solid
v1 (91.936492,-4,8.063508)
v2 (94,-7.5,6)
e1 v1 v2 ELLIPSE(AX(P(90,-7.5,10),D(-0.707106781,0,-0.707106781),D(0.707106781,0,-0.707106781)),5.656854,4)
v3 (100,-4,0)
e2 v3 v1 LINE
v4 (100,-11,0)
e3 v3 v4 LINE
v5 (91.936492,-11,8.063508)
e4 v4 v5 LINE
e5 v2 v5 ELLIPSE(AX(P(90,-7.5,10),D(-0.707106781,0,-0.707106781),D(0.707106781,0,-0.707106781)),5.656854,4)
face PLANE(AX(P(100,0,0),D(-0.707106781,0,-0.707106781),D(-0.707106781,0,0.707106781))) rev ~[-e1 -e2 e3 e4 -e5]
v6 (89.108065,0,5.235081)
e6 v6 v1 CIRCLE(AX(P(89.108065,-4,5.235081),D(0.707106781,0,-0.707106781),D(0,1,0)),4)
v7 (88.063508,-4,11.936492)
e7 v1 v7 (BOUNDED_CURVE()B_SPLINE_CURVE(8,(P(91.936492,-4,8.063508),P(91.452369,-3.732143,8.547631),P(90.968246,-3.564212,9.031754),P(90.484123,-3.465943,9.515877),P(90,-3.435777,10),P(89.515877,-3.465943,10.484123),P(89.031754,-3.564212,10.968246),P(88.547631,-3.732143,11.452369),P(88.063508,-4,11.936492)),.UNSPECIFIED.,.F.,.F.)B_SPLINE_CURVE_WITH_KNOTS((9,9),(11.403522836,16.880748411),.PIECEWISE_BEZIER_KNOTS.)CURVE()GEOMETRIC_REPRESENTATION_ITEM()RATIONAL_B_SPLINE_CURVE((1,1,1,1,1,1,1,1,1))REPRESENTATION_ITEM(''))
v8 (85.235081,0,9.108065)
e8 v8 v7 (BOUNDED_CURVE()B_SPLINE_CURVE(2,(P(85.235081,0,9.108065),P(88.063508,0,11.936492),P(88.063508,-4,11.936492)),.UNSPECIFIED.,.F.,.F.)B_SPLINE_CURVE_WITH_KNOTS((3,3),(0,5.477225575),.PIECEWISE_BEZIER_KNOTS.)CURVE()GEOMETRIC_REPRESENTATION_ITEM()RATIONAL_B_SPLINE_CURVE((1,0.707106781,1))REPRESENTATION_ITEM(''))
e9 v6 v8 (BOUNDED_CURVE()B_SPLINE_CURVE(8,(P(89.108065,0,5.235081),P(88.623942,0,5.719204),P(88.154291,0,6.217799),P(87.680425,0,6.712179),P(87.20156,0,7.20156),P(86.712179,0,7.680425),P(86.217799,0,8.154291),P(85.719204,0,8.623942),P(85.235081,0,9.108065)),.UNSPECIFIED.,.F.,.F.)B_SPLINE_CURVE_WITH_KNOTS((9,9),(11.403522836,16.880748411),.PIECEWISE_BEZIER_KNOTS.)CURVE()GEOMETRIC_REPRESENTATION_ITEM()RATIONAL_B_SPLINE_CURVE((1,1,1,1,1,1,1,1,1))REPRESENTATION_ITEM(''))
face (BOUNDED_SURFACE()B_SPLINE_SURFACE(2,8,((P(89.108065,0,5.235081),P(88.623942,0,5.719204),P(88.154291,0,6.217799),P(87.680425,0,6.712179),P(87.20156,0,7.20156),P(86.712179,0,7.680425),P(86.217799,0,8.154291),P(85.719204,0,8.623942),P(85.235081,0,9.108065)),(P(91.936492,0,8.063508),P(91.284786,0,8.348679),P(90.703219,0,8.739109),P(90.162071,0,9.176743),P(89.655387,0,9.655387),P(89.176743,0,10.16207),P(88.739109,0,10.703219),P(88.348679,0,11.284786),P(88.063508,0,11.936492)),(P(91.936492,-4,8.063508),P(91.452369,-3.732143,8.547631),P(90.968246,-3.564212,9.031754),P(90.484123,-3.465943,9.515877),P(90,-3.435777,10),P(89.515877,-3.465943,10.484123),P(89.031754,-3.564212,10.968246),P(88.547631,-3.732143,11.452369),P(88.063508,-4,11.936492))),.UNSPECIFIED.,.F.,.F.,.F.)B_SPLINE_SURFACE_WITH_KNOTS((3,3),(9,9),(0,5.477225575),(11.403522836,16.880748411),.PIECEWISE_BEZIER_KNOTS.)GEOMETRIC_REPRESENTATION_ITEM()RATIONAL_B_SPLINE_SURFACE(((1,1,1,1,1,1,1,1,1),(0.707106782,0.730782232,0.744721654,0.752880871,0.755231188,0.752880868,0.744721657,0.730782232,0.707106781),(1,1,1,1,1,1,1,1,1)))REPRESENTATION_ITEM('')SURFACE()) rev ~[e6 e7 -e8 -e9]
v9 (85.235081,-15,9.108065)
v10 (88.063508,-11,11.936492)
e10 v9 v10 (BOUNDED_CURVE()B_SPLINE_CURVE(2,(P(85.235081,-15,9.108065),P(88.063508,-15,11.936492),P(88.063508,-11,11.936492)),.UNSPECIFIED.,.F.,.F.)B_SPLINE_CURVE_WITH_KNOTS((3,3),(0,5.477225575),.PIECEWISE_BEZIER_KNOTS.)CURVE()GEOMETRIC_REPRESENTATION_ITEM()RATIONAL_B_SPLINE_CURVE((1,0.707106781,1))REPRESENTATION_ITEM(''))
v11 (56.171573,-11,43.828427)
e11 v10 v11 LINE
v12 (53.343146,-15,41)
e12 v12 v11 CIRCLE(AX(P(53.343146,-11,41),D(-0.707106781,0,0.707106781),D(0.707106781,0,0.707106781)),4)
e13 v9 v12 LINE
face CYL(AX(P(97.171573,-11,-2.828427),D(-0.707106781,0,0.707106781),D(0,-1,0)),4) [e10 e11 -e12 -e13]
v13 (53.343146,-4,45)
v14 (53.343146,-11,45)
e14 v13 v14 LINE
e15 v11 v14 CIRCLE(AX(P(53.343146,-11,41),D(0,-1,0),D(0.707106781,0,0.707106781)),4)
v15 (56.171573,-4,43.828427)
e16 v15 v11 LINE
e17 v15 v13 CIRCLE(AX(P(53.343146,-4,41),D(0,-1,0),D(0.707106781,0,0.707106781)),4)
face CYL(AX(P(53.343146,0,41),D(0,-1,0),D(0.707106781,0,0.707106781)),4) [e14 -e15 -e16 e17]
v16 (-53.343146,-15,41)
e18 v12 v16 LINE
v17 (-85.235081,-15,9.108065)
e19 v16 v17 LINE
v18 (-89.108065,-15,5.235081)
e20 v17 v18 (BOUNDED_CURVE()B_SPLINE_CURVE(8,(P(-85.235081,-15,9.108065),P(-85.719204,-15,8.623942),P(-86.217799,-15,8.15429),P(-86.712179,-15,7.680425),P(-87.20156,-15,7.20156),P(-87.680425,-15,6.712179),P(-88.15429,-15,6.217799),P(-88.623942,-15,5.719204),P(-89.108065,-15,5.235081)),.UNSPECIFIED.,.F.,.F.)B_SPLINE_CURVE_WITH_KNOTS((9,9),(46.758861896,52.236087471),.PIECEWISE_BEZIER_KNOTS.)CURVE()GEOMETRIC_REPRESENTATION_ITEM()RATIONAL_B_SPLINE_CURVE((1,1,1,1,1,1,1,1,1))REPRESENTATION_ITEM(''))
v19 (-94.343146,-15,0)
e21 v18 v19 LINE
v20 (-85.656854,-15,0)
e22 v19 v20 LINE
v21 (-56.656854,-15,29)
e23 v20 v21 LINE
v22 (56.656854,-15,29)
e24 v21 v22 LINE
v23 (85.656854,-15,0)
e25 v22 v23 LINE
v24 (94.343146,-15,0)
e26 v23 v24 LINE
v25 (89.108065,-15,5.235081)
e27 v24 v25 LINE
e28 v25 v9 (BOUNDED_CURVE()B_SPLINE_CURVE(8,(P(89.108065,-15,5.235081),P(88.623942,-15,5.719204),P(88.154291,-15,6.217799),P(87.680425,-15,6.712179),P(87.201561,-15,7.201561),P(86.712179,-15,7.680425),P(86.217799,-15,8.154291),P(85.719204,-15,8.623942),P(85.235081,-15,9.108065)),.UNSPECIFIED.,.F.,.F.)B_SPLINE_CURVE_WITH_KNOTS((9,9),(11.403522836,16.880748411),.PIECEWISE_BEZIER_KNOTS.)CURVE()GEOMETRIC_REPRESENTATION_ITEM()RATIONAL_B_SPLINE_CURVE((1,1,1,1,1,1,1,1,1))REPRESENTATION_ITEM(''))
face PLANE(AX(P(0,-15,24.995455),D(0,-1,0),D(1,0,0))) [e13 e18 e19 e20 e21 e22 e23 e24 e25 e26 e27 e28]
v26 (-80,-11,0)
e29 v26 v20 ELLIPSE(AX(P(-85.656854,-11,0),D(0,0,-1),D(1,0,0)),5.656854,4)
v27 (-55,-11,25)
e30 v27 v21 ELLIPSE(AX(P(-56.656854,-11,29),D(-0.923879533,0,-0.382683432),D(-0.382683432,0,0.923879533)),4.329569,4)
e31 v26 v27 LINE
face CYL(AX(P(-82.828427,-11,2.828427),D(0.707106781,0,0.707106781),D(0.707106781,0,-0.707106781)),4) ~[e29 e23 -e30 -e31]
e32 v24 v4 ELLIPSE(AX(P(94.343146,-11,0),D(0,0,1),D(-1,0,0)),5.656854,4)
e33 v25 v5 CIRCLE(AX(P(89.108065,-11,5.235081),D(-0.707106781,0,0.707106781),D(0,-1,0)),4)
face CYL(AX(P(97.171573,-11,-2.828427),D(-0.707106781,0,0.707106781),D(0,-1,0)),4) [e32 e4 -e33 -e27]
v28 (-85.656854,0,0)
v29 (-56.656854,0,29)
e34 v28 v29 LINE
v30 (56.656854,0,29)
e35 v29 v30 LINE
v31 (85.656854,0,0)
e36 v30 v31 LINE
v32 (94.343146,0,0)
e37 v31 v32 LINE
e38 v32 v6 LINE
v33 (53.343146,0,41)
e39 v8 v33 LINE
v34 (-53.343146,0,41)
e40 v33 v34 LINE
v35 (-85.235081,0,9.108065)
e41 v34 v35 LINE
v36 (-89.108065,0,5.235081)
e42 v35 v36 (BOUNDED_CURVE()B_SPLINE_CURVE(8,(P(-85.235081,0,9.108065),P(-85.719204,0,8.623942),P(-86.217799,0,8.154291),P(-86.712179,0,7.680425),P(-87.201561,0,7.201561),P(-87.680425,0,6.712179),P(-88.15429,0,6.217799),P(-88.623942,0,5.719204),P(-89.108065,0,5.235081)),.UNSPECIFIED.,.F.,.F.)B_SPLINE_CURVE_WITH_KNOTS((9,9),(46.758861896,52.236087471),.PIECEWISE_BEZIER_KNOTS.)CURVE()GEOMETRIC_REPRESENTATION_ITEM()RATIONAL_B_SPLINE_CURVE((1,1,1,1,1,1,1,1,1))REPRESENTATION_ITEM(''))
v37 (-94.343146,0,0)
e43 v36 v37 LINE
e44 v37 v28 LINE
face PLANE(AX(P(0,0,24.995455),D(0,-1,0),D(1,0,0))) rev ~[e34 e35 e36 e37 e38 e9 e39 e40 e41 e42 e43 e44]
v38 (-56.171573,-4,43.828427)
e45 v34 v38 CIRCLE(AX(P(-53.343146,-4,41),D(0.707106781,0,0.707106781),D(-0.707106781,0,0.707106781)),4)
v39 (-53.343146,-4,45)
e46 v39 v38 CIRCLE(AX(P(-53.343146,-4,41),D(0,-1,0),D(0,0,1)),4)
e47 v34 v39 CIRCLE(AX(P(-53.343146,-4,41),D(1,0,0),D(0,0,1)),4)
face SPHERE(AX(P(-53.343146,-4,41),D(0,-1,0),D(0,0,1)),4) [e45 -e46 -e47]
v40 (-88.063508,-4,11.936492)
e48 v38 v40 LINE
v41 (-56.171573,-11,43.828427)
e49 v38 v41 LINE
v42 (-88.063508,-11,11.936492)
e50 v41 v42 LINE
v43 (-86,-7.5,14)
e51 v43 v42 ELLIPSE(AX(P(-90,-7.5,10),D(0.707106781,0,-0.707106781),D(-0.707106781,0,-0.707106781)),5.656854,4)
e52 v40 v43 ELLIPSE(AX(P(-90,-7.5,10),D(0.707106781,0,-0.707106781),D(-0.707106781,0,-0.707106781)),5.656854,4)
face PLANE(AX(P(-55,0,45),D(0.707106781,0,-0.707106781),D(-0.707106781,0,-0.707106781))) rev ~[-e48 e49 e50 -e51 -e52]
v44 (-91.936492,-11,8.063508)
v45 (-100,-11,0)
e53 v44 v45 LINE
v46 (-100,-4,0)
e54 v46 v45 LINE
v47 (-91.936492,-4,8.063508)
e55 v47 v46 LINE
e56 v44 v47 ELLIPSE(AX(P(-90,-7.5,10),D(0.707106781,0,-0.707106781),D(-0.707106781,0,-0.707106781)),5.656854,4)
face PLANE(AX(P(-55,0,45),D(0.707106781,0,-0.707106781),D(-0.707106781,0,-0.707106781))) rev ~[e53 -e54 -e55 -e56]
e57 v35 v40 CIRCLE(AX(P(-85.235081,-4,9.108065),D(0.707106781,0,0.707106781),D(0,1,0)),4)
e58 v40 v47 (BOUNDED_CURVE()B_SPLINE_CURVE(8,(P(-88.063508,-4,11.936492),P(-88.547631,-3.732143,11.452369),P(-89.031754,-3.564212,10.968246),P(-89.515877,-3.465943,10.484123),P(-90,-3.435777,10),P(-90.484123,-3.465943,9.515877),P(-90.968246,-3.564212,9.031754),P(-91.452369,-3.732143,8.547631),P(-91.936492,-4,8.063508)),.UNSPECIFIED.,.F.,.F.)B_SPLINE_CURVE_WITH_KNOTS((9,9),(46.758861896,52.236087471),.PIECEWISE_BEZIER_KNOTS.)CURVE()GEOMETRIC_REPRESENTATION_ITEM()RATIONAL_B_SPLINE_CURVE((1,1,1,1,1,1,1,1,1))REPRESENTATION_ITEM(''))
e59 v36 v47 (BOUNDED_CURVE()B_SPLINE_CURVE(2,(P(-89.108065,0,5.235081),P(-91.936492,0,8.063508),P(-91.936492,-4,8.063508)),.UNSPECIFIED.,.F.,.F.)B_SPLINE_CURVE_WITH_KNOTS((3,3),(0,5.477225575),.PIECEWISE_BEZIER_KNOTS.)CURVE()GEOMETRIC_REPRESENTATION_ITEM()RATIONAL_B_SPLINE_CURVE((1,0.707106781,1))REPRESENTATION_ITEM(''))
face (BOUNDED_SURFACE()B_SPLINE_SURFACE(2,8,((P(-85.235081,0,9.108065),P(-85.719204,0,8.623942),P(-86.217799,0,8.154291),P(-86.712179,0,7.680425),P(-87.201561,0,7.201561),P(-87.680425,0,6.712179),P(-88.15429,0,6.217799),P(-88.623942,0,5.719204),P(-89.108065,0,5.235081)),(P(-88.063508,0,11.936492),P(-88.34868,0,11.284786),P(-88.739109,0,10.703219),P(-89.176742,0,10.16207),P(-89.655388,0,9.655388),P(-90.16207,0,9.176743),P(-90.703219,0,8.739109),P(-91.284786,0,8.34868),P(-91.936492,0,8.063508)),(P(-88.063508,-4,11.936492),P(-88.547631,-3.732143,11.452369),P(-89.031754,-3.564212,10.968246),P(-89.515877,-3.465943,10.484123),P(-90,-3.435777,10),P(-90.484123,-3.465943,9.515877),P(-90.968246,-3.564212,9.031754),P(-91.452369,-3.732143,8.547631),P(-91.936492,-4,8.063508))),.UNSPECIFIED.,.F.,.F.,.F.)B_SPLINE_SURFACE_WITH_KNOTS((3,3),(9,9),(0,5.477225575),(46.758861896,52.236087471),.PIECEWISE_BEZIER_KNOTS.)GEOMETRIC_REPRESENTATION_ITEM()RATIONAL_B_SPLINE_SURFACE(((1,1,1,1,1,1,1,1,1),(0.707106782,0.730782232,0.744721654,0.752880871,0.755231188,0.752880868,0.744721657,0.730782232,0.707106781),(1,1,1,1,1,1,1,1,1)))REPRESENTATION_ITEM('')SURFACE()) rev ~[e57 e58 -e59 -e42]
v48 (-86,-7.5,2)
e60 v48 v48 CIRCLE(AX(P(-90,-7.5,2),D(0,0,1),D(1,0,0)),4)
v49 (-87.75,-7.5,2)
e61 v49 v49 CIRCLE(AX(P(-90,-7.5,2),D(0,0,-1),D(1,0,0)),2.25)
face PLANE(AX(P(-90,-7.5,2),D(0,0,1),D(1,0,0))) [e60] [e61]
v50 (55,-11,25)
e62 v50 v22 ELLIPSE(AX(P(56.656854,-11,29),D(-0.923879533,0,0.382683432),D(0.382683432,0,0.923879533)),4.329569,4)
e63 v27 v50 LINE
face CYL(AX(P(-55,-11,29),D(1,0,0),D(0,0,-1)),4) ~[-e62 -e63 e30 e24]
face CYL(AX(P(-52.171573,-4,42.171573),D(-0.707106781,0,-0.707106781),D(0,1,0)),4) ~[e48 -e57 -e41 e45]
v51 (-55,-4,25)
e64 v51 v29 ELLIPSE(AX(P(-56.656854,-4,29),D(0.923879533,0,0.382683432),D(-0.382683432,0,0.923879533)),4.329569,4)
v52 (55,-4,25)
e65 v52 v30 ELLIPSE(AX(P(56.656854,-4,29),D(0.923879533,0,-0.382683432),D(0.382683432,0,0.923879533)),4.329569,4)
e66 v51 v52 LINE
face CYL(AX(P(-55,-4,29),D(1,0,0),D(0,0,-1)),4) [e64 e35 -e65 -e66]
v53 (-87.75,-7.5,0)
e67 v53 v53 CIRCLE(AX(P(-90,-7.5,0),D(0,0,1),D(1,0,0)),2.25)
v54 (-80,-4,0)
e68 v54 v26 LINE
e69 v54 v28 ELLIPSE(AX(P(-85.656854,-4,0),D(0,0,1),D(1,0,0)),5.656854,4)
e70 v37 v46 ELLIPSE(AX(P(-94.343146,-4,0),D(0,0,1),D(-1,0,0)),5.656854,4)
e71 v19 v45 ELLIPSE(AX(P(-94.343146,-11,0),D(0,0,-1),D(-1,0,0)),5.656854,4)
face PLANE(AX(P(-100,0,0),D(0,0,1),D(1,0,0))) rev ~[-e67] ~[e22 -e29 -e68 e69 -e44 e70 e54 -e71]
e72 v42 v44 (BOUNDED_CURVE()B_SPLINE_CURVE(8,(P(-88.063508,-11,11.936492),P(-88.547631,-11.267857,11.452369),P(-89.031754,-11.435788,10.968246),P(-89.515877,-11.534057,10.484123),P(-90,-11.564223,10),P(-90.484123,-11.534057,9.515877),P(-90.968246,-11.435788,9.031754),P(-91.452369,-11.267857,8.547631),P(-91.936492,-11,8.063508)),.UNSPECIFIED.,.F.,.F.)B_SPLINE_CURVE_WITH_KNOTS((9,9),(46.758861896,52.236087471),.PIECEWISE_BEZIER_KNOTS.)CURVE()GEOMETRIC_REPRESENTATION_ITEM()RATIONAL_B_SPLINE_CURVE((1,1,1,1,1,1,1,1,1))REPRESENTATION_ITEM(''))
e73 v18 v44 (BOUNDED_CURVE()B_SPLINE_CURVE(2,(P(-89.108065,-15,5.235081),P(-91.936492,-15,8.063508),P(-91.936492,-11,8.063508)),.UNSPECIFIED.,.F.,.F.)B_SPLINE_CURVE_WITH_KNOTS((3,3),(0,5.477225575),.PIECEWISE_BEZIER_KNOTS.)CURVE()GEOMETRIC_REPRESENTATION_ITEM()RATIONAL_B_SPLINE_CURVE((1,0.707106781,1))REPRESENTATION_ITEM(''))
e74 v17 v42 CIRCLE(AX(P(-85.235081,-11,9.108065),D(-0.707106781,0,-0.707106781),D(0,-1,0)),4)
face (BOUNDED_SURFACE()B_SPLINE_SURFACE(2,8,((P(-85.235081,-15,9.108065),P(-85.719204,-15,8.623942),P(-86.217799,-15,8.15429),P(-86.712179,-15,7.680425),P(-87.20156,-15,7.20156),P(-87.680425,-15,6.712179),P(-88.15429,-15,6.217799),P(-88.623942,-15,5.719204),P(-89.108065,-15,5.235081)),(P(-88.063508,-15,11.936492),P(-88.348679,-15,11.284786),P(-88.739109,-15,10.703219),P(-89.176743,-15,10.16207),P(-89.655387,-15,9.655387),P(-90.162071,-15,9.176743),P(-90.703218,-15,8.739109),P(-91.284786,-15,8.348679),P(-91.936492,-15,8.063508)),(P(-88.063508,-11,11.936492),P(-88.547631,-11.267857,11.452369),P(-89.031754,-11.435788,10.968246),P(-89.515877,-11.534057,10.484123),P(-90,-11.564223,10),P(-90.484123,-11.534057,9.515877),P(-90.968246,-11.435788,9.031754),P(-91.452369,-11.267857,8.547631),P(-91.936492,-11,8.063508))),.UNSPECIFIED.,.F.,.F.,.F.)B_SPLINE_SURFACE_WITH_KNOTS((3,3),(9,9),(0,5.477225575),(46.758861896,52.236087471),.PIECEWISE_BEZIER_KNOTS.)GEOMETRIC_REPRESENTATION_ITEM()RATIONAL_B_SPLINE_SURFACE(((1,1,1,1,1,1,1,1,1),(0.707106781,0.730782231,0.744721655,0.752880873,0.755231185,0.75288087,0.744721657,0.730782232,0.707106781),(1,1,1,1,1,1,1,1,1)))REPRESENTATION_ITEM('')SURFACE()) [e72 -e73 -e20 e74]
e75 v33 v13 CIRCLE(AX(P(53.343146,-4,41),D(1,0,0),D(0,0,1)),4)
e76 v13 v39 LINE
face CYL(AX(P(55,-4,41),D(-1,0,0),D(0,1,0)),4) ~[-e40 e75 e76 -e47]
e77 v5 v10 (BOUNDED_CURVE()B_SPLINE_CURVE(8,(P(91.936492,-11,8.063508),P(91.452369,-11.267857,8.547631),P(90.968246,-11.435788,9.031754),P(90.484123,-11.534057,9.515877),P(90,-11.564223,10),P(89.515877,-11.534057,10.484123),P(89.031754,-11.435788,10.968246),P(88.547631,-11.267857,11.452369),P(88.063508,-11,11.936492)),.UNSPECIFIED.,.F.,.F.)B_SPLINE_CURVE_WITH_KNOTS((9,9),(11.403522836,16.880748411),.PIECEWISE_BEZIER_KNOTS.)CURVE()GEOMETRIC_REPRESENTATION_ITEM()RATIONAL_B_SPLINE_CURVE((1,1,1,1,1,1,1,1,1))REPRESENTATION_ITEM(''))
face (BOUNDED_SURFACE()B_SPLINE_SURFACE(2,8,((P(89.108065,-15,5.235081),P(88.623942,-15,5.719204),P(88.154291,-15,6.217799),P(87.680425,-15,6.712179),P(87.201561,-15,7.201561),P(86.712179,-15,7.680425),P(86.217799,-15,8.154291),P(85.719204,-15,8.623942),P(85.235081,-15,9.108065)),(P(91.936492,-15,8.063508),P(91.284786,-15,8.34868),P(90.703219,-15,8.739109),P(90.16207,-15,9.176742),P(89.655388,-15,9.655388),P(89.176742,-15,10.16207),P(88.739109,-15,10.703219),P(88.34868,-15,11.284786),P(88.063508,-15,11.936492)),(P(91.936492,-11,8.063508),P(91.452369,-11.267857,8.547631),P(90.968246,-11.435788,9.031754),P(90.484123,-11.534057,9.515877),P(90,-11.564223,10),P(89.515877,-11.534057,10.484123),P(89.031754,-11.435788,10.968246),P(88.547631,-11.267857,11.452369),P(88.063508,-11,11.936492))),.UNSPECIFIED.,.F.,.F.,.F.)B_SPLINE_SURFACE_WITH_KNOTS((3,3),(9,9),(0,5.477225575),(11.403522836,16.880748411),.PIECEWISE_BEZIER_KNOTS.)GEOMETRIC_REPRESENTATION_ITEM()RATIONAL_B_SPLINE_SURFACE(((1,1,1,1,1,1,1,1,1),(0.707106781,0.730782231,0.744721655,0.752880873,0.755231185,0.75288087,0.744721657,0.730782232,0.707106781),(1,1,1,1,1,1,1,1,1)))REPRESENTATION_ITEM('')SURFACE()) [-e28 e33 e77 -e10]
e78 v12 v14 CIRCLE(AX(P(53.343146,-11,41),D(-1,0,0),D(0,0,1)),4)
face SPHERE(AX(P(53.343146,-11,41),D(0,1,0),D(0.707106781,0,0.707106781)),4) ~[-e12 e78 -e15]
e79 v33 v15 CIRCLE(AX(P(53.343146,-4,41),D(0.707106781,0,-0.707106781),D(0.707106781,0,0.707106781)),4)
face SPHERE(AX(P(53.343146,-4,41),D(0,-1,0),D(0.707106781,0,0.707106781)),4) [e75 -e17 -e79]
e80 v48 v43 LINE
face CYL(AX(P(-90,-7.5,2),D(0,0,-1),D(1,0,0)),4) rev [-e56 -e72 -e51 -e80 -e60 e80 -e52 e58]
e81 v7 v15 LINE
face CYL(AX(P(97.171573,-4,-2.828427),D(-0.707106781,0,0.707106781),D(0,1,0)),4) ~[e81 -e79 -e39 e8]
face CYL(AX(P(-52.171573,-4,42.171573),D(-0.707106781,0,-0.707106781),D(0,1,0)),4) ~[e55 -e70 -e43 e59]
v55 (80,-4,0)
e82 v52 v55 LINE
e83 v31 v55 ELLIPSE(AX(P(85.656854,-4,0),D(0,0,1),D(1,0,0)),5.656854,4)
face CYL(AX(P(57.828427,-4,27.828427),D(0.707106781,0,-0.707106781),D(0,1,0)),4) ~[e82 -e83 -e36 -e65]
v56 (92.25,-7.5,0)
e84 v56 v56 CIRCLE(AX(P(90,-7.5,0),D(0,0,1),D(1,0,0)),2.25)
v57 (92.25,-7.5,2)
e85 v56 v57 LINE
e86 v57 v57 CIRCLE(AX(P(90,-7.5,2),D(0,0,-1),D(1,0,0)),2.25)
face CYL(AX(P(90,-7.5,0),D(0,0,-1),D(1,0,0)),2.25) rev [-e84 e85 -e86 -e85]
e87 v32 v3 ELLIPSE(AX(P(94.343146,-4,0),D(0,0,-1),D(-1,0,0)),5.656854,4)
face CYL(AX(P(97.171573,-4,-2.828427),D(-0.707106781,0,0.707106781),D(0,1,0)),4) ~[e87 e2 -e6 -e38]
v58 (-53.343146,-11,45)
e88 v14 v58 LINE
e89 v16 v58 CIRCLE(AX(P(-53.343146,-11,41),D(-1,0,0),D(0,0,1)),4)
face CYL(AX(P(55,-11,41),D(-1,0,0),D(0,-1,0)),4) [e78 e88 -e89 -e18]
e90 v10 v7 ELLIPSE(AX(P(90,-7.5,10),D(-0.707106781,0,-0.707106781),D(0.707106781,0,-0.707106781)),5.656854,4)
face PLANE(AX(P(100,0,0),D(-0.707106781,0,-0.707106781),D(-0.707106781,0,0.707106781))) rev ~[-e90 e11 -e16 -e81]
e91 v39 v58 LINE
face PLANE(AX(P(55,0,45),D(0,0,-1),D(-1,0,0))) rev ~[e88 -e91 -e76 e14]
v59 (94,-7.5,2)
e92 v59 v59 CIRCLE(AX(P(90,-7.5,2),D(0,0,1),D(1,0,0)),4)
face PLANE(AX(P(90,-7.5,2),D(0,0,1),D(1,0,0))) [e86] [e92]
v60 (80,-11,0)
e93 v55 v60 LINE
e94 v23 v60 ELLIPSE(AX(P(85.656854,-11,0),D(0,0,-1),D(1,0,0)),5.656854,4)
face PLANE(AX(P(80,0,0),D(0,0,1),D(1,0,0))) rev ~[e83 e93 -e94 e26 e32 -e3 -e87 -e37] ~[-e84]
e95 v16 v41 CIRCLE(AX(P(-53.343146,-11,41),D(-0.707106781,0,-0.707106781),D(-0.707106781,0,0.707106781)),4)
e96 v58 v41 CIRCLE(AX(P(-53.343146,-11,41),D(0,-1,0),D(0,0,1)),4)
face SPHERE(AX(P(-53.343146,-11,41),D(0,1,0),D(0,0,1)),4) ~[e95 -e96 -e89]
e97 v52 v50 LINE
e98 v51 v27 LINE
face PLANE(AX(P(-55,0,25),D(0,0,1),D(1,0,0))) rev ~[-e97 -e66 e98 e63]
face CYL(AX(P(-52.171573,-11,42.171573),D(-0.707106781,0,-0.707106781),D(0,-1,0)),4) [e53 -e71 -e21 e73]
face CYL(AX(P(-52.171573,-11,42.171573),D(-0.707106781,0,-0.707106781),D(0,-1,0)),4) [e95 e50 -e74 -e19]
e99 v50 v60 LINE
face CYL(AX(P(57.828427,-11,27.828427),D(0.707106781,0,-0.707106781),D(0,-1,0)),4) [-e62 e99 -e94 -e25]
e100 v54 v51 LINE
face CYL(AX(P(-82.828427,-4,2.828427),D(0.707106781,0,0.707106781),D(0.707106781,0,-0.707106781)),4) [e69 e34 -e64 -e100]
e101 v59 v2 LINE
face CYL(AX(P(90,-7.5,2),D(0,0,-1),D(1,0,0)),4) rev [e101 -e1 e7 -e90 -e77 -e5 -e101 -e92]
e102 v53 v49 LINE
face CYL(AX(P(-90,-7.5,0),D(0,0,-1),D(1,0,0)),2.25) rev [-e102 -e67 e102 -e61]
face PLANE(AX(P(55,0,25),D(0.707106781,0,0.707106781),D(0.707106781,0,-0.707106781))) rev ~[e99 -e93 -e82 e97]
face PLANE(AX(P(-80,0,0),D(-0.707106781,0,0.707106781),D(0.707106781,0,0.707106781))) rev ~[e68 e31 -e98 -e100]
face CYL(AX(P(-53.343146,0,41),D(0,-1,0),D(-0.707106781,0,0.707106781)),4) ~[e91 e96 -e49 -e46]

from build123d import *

# Parameters (mm, degrees)
CYLINDER_R        = 2.25
CYLINDER_DEPTH    = 10
CYLINDER001_R     = 4
CYLINDER001_DEPTH = 25
CYLINDER002_R     = 2.25
CYLINDER002_DEPTH = 10
CYLINDER003_R     = 4
CYLINDER003_DEPTH = 25
PAD_DEPTH         = 15
FILLET_R          = 4


with BuildPart() as cylinder:
    # Cylinder → Cylinder (new body)
    with BuildSketch(Plane.XY):
        Circle(CYLINDER_R)
    extrude(amount=CYLINDER_DEPTH)


with BuildPart() as fusion:
    # Cylinder001 → Cylinder001 (new body)
    with BuildSketch(Plane.XY.offset(2)):
        Circle(CYLINDER001_R)
    extrude(amount=CYLINDER001_DEPTH)

    # Fusion: union Cylinder
    add(cylinder.part)


with BuildPart() as fusion_1:
    # Fusion placement: moved
    add(fusion.part.moved(Location((90, -7.5, 0))))


with BuildPart() as cylinder002:
    # Cylinder002 → Cylinder002 (new body)
    with BuildSketch(Plane.XY):
        Circle(CYLINDER002_R)
    extrude(amount=CYLINDER002_DEPTH)


with BuildPart() as fusion002:
    # Cylinder003 → Cylinder003 (new body)
    with BuildSketch(Plane.XY.offset(2)):
        Circle(CYLINDER003_R)
    extrude(amount=CYLINDER003_DEPTH)

    # Fusion001: union Cylinder002
    add(cylinder002.part)


with BuildPart() as fusion002_1:
    # Fusion001 placement: moved
    add(fusion002.part.moved(Location((-90, -7.5, 0))))

    # Fusion002: union Fusion
    add(fusion_1.part)


with BuildPart() as fillet_body:
    # Sketch → Pad (new body)
    with BuildSketch(Plane.XZ):
        Polygon((-80, 0), (-55, 25), (55, 25), (80, 0), (100, 0), (55, 45), (-55, 45), (-100, 0), align=None)
    extrude(amount=PAD_DEPTH)

    # Cut: cut Fusion002
    add(fusion002_1.part, mode=Mode.SUBTRACT)

    # Fillet
    fillet_edges = [fillet_body.edges().sort_by_distance(p)[0] for p in [
        (-67.5, 0, 12.5),
        (-67.5, -15, 12.5),
        (0, 0, 25),
        (0, -15, 25),
        (67.5, 0, 12.5),
        (77.5, 0, 22.5),
        (0, 0, 45),
        (-77.5, 0, 22.5),
        (67.5, -15, 12.5),
        (77.5, -15, 22.5),
        (0, -15, 45),
        (-77.5, -15, 22.5),
        (-55, -7.5, 45),
        (55, -7.5, 45),
    ]]
    fillet(fillet_edges, radius=FILLET_R)


solid = fillet_body.part
